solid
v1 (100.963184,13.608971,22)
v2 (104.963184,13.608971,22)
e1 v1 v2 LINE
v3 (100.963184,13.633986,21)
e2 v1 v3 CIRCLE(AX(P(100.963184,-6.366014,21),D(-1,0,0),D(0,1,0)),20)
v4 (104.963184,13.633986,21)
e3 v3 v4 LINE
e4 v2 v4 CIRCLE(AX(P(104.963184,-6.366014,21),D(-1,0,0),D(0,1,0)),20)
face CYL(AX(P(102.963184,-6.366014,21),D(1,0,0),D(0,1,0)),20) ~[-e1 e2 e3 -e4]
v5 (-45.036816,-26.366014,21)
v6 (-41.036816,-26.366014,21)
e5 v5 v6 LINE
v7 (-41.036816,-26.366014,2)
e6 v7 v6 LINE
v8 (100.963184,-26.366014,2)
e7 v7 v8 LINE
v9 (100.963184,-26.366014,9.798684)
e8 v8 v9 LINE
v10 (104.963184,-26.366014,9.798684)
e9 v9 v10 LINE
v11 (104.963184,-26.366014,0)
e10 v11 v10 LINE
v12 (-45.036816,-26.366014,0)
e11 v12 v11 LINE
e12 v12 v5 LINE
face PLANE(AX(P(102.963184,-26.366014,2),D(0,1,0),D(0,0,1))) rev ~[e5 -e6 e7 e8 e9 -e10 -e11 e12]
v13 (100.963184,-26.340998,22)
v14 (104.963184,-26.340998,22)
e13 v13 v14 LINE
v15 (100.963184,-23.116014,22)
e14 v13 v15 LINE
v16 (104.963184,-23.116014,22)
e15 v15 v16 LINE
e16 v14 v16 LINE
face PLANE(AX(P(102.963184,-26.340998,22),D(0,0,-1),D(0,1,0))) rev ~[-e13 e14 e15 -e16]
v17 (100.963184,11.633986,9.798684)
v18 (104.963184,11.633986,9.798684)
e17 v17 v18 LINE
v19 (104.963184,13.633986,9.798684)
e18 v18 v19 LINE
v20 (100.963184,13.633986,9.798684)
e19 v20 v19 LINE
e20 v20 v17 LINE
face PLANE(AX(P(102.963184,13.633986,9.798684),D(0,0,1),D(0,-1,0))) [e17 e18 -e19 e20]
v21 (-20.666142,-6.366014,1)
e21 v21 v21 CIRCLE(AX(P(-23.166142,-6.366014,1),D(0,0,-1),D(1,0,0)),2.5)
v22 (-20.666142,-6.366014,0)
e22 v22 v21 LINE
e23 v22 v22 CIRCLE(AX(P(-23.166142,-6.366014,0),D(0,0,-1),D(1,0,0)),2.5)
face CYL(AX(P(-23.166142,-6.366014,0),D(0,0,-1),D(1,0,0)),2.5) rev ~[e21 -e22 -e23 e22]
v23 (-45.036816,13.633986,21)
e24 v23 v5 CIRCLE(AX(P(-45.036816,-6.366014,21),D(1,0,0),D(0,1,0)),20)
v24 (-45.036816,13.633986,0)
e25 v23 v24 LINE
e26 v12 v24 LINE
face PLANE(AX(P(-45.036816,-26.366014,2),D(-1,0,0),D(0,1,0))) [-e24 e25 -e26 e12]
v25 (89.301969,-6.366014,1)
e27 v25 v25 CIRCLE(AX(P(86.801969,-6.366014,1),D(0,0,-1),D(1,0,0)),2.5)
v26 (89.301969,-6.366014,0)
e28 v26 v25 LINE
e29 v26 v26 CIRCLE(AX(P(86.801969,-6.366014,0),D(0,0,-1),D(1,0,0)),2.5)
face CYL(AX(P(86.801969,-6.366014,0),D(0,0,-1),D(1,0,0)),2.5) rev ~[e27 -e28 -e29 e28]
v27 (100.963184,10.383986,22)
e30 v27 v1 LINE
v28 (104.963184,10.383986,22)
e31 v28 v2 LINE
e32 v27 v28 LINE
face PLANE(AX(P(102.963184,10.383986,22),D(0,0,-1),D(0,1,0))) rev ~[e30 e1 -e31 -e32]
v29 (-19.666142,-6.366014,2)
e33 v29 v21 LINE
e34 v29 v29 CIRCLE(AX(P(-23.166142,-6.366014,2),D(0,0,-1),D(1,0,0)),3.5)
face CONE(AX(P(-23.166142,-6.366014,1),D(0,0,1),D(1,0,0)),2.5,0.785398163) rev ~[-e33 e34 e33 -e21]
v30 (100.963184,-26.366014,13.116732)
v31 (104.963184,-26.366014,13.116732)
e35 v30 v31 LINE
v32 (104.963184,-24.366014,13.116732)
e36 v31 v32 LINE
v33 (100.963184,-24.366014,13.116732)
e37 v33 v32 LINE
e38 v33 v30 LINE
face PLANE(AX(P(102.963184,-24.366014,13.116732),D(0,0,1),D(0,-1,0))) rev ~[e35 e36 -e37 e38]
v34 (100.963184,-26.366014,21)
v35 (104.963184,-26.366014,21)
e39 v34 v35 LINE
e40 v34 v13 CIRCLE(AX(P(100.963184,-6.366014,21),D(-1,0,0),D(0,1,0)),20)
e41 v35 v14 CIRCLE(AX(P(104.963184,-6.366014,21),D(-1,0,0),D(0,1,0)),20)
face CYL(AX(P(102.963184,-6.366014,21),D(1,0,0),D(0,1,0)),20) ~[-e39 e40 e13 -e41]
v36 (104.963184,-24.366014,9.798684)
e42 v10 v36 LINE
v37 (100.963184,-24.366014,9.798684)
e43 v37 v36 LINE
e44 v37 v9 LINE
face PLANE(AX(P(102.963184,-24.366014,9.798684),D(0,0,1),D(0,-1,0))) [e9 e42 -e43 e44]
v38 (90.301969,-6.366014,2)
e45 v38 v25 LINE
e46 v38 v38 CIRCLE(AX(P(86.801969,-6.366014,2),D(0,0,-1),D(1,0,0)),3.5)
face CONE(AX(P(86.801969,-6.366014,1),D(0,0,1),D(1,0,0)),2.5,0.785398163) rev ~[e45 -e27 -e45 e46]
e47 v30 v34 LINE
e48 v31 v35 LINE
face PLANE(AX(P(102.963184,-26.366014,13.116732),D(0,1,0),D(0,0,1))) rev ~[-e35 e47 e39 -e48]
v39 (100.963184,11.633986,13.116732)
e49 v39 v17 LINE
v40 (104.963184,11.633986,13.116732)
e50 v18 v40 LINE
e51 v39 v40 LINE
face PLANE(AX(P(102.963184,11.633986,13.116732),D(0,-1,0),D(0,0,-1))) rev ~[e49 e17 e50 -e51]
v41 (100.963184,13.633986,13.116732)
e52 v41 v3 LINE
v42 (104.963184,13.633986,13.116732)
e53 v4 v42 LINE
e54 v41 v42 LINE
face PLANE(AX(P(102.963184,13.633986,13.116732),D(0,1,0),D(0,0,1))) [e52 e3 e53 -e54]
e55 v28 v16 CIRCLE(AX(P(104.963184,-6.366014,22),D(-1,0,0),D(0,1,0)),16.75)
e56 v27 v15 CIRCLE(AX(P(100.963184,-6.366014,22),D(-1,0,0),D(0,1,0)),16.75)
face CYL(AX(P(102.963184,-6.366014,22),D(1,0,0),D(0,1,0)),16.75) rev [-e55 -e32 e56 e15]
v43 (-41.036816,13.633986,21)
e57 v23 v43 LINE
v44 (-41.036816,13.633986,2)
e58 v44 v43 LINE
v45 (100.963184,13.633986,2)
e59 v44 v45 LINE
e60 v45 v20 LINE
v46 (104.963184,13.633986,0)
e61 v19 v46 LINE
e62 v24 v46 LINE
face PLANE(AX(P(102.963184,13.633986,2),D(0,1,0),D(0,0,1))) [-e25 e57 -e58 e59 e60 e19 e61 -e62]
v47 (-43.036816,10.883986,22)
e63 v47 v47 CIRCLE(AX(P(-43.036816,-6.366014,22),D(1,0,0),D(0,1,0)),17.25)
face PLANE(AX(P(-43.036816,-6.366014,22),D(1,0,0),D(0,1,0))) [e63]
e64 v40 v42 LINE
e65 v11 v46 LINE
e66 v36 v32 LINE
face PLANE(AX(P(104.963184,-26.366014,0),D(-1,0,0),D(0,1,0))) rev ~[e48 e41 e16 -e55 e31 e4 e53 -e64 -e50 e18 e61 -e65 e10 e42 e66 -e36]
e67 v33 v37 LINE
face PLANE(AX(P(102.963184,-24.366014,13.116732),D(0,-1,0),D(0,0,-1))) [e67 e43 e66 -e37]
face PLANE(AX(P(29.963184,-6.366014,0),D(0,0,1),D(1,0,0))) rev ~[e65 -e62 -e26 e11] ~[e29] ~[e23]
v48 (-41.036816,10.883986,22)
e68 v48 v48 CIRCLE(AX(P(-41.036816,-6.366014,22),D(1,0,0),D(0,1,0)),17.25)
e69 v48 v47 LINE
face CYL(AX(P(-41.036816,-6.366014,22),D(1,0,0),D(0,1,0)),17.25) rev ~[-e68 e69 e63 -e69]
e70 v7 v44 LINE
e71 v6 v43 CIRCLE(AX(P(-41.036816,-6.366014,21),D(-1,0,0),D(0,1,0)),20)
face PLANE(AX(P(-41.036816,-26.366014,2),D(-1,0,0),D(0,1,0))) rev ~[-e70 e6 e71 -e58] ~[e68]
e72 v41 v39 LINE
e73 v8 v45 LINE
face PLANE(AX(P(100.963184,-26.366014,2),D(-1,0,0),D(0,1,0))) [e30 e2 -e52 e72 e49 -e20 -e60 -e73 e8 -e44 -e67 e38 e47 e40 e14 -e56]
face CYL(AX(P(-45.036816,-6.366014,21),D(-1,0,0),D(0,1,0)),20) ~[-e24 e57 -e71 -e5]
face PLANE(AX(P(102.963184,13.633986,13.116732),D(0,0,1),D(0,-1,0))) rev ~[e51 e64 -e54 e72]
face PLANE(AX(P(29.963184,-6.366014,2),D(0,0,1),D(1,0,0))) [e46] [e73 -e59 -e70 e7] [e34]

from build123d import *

# Parameters (mm, degrees)
F0_W      = 150
F0_H      = 40
F1_DEPTH  = 2
F2_W      = 4
F2_H      = 40
F2_W_2    = 2
F3_DEPTH  = 40
F4_R      = 17.25
F5_DEPTH  = 2
F7_DEPTH  = 20
F8_DEPTH  = 2.001
F9_R      = 2.5
F10_DEPTH = 42.001
F11_W     = 2
F11_H     = 3.3180480823
F12_DEPTH = 25
F14_DEPTH = 150.001
F15_SIZE  = 1
F16_DEPTH = 2


with BuildPart() as f1:
    # F0 (on Top) → F1 (new body)
    with BuildSketch(Plane.XY):
        with Locations((29.9631836727, -6.3660135493)):
            Rectangle(F0_W, F0_H)
    extrude(amount=F1_DEPTH)

    # F2 (on face) → F3 (join)
    with BuildSketch(Plane.XY.offset(2)):
        with Locations((-43.0368163273, -6.3660135493)):
            Rectangle(F2_W, F2_H)
        with Locations((103.9631836727, -6.3660135493)):
            Rectangle(F2_W_2, F2_H)
    extrude(amount=F3_DEPTH)

    # F4 (on face) → F5 (cut)
    with BuildSketch(Plane.YZ.offset(-41.0368163273)):
        with Locations((-6.3660135493, 22)):
            Circle(F4_R)
    extrude(amount=-F5_DEPTH, mode=Mode.SUBTRACT)

    # F7 (cut): a face of the model
    f7_faces = [f1.faces().sort_by_distance(p)[0] for p in [
        (103.9631836727, -6.3660135493, 42),
    ]]
    extrude(f7_faces, amount=-F7_DEPTH, mode=Mode.SUBTRACT)

    # F6 (on face) → F8 (cut, through all)
    with BuildSketch(Plane(origin=(102.9631836727, 0, 0), x_dir=(0, -1, 0), z_dir=(-1, 0, 0))):
        with BuildLine():
            Line((23.1160135493, 22), (-10.3839864507, 22))
            ThreePointArc((-10.3839864507, 22), (6.3660135493, 5.25), (23.1160135493, 22))
        make_face()
    extrude(amount=-F8_DEPTH, mode=Mode.SUBTRACT)

    # F9 (on face) → F10 (cut, through all)
    with BuildSketch(Plane(origin=(0, 0, 0), x_dir=(1, 0, 0), z_dir=(0, 0, -1))):
        with Locations((-23.1661424041, 6.3660135493)):
            Circle(F9_R)
        with Locations((86.8019685149, 6.3660135493)):
            Circle(F9_R)
    extrude(amount=-F10_DEPTH, mode=Mode.SUBTRACT)

    # F11 (on face) → F12 (cut)
    with BuildSketch(Plane.YZ.offset(104.9631836727)):
        with Locations((-25.3660135493, 11.4577081986)):
            Rectangle(F11_W, F11_H)
        with Locations((12.6339864507, 11.4577081986)):
            Rectangle(F11_W, F11_H)
    extrude(amount=-F12_DEPTH, mode=Mode.SUBTRACT)

    # F13 (on face) → F14 (cut, through all)
    with BuildSketch(Plane(origin=(-45.0368163273, 0, 0), x_dir=(0, -1, 0), z_dir=(-1, 0, 0))):
        with BuildLine():
            ThreePointArc((-13.6339864507, 21), (6.3660135493, 41), (26.3660135493, 21))
            Line((26.3660135493, 21), (26.3660135493, 42))
            Line((26.3660135493, 42), (-13.6339864507, 42))
            Line((-13.6339864507, 42), (-13.6339864507, 21))
        make_face()
    extrude(amount=-F14_DEPTH, mode=Mode.SUBTRACT)

    # F15
    f15_edges = [f1.edges().sort_by_distance(p)[0] for p in [
        (-25.666142, -6.366014, 2),
        (84.301969, -6.366014, 2),
    ]]
    chamfer(f15_edges, length=F15_SIZE)

    # F16 (add): a face of the model
    f16_faces = [f1.faces().sort_by_distance(p)[0] for p in [
        (102.9631836727, -6.3660135493, 2.4472135955),
    ]]
    extrude(f16_faces, amount=F16_DEPTH)


solid = f1.part
